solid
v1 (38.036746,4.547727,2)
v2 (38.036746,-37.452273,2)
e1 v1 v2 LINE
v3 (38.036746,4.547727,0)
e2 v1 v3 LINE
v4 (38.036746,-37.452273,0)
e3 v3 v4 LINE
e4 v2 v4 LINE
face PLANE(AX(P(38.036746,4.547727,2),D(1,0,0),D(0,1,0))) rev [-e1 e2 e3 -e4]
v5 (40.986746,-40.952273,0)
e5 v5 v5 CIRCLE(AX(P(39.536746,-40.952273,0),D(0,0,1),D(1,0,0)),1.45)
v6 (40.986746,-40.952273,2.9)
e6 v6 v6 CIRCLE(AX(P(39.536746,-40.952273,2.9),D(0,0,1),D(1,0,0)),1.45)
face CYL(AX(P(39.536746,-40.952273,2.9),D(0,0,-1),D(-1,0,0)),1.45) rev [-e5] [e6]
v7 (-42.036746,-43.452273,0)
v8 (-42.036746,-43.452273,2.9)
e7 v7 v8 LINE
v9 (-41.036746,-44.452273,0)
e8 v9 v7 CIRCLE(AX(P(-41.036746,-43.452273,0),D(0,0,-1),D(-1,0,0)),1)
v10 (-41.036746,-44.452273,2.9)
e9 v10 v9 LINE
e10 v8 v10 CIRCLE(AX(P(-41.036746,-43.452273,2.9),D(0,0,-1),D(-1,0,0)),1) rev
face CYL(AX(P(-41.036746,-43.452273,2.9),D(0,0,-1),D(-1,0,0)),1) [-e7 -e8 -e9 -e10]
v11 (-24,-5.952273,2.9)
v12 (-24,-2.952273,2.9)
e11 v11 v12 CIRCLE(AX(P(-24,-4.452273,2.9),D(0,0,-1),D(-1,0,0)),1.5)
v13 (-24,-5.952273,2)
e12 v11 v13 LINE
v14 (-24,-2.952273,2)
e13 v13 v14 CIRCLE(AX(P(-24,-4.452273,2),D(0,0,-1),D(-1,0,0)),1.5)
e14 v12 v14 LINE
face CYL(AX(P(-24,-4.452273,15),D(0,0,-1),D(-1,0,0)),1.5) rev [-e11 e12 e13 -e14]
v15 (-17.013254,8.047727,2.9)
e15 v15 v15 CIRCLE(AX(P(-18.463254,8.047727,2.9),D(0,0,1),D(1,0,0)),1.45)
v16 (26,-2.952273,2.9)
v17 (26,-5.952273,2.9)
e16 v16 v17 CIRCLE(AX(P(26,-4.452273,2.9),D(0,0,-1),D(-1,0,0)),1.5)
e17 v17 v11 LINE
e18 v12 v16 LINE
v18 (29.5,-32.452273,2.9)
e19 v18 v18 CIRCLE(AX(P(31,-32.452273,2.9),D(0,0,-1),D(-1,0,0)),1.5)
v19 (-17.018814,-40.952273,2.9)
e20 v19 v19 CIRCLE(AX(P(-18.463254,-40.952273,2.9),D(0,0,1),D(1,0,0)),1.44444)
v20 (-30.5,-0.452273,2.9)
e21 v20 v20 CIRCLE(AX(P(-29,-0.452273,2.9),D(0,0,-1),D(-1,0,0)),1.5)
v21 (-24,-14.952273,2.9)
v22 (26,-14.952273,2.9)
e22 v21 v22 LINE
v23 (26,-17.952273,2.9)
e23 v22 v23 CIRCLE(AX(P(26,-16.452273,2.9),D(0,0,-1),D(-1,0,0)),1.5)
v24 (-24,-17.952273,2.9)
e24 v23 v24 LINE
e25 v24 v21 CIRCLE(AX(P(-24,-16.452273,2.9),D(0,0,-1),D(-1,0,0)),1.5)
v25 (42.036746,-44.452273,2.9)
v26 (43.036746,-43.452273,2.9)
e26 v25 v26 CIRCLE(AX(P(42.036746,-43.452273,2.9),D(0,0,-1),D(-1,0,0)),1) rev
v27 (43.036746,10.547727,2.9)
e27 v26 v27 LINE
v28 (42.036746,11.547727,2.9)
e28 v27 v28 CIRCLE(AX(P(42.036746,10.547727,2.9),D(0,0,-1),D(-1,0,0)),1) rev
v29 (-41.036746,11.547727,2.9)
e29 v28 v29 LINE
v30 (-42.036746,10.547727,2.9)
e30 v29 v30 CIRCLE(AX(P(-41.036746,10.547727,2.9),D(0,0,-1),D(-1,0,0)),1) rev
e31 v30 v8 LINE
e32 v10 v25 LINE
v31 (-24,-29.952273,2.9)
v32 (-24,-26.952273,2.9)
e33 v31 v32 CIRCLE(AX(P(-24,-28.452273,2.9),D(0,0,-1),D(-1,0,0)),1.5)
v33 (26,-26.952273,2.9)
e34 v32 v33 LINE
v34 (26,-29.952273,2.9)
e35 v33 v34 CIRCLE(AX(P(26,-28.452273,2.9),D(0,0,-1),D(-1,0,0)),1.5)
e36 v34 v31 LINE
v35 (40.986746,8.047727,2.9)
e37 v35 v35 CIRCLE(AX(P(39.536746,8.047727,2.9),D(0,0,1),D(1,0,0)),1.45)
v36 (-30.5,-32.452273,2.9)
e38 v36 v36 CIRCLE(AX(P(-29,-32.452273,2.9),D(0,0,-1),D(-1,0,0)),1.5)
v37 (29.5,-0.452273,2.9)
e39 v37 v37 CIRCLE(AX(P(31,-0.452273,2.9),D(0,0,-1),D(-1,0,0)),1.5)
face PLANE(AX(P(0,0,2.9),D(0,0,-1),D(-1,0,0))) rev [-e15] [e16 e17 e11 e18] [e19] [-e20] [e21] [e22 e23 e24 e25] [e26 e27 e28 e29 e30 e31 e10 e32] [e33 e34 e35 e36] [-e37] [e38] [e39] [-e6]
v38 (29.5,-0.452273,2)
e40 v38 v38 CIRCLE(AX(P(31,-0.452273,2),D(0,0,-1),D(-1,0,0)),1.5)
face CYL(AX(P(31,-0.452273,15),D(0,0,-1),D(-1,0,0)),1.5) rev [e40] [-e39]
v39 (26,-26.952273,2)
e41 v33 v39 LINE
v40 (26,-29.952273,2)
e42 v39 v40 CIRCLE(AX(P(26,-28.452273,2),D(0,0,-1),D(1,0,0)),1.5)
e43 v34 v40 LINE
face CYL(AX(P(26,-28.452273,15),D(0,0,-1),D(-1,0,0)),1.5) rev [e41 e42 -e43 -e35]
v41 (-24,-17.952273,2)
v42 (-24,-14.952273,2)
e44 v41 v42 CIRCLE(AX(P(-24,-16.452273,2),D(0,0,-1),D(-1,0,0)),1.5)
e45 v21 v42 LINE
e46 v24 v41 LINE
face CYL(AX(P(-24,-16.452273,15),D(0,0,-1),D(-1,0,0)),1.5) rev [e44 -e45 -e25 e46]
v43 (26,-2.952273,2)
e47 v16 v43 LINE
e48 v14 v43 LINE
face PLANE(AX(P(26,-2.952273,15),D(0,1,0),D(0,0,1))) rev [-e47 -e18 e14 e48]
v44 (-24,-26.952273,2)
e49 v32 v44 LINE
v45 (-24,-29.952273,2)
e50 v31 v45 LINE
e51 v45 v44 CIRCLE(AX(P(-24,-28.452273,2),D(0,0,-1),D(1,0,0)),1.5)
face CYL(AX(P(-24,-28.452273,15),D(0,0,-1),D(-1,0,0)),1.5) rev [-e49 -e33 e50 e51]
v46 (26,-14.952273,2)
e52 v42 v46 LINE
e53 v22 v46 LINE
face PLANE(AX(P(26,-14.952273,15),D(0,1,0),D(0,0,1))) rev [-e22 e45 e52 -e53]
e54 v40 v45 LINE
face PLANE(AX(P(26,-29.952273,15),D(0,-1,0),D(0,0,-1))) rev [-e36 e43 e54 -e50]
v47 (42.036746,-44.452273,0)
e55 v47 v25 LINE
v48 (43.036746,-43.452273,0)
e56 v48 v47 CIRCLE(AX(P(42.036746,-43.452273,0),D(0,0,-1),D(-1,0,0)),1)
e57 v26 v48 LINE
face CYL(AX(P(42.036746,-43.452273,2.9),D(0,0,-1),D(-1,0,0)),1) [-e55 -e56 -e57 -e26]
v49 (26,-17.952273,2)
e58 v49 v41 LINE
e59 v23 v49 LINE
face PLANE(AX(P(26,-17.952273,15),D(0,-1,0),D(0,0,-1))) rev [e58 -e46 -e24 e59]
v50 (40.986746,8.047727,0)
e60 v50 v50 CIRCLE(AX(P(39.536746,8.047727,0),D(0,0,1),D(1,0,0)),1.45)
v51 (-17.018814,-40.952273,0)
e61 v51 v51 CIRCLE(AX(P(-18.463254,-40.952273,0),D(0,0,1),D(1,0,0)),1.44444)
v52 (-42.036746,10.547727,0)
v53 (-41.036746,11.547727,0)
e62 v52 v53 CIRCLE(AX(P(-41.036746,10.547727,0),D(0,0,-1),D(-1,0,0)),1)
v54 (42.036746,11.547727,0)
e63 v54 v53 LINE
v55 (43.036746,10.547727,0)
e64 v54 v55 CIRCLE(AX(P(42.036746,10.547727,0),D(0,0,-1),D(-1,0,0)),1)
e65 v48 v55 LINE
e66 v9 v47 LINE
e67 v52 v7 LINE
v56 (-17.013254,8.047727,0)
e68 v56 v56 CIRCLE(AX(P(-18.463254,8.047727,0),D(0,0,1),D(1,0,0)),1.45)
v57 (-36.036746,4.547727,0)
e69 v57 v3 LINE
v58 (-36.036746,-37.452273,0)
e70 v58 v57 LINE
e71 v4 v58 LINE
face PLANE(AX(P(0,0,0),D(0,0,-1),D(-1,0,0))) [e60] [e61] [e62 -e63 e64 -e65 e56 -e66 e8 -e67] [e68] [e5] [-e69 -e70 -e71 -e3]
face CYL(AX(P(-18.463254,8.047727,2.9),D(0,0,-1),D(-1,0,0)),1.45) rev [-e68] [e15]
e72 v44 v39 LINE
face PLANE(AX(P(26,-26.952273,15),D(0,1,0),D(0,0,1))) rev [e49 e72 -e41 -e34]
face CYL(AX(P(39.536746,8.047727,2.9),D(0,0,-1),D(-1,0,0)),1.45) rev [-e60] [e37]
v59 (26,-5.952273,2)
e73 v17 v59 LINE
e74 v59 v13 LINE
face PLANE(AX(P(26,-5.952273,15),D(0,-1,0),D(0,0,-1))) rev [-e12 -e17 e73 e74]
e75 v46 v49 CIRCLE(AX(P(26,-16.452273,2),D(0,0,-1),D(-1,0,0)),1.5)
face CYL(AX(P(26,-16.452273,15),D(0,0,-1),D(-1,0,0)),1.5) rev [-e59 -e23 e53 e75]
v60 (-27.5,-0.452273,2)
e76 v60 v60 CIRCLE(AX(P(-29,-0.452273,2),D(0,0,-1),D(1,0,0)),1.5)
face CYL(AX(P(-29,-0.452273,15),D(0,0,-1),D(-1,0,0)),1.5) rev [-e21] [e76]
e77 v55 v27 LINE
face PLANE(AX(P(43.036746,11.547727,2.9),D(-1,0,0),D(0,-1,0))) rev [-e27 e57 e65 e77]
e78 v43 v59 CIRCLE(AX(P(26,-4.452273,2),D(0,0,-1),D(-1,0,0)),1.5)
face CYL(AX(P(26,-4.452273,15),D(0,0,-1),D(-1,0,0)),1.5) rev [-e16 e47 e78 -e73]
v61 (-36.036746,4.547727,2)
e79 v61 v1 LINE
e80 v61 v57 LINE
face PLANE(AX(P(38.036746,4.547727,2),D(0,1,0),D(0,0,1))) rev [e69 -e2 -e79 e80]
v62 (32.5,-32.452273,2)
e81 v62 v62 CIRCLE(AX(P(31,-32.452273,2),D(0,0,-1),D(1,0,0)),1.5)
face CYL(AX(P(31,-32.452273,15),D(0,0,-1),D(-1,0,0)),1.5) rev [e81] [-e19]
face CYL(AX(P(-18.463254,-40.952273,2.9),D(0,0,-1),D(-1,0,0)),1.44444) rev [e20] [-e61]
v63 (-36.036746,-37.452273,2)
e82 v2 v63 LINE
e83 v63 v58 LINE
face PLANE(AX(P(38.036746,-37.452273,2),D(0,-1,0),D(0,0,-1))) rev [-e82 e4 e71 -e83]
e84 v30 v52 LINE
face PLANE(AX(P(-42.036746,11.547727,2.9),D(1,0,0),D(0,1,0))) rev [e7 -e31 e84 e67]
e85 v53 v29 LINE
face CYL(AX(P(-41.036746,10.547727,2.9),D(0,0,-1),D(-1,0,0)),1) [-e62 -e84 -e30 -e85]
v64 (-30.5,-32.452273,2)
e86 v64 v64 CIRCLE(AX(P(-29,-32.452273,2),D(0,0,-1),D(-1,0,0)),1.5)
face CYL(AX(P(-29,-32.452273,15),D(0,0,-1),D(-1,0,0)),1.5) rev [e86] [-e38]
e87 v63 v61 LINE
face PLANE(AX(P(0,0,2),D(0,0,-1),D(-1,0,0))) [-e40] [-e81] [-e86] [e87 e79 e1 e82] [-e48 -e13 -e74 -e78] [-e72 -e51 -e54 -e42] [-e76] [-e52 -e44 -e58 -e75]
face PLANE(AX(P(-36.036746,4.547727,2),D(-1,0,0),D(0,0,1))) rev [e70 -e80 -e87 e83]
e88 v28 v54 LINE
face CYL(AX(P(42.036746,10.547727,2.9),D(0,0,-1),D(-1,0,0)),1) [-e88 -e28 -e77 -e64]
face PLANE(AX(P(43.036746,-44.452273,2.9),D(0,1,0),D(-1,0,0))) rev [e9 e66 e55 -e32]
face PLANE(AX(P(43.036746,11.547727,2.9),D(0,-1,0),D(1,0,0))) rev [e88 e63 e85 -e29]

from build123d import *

# Parameters (mm, degrees)
SKETCH1_W           = 85.073492716
SKETCH1_H           = 56
SKETCH1_R           = 1.45
SKETCH1_R_2         = 1.444439883
BOSS_EXTRUDE2_DEPTH = 2.9
FILLET1_R           = 1
SKETCH2_W           = 74.073492716
SKETCH2_H           = 42
CUT_EXTRUDE1_DEPTH  = 2
SKETCH3_R           = 1.5
CUT_EXTRUDE2_DEPTH  = 13


with BuildPart() as part:
    # Sketch1 → Boss-Extrude2 (new body)
    with BuildSketch(Plane.XY):
        with Locations((0.5, -16.452272815)):
            Rectangle(SKETCH1_W, SKETCH1_H)
        with Locations((39.536746358, 8.047727185)):
            Circle(SKETCH1_R, mode=Mode.SUBTRACT)
        with Locations((39.536746358, -40.952272815)):
            Circle(SKETCH1_R, mode=Mode.SUBTRACT)
        with Locations((-18.463253642, 8.047727185)):
            Circle(SKETCH1_R, mode=Mode.SUBTRACT)
        with Locations((-18.463253642, -40.952272815)):
            Circle(SKETCH1_R_2, mode=Mode.SUBTRACT)
    extrude(amount=BOSS_EXTRUDE2_DEPTH)

    # Fillet1
    fillet1_edges = [part.edges().sort_by_distance(p)[0] for p in [
        (-42.036746358, 11.547727185, 1.45),
        (43.036746358, 11.547727185, 1.45),
        (43.036746358, -44.452272815, 1.45),
        (-42.036746358, -44.452272815, 1.45),
    ]]
    fillet(fillet1_edges, radius=FILLET1_R)

    # Sketch2 → Cut-Extrude1 (cut)
    with BuildSketch(Plane(origin=(0, 0, 0), x_dir=(-1, 0, 0), z_dir=(0, 0, -1))):
        with Locations((-1, -16.452272815)):
            Rectangle(SKETCH2_W, SKETCH2_H)
    extrude(amount=-CUT_EXTRUDE1_DEPTH, mode=Mode.SUBTRACT)

    # Sketch3 → Cut-Extrude2 (cut)
    with BuildSketch(Plane(origin=(0, 0, 2), x_dir=(-1, 0, 0), z_dir=(0, 0, -1))):
        with Locations((-31, -0.452272815)):
            Circle(SKETCH3_R)
        with Locations((-31, -32.452272815)):
            Circle(SKETCH3_R)
        with Locations((29, -32.452272815)):
            Circle(SKETCH3_R)
        with Locations((29, -0.452272815)):
            Circle(SKETCH3_R)
        with BuildLine():
            Line((-26, -2.952272815), (24, -2.952272815))
            ThreePointArc((24, -2.952272815), (25.5, -4.452272815), (24, -5.952272815))
            Line((24, -5.952272815), (-26, -5.952272815))
            ThreePointArc((-26, -5.952272815), (-27.5, -4.452272815), (-26, -2.952272815))
        make_face()
        with BuildLine():
            Line((-26, -29.952272815), (24, -29.952272815))
            ThreePointArc((24, -29.952272815), (25.5, -28.452272815), (24, -26.952272815))
            Line((24, -26.952272815), (-26, -26.952272815))
            ThreePointArc((-26, -26.952272815), (-27.5, -28.452272815), (-26, -29.952272815))
        make_face()
        with BuildLine():
            Line((-26, -14.952272815), (24, -14.952272815))
            ThreePointArc((24, -14.952272815), (25.5, -16.452272815), (24, -17.952272815))
            Line((24, -17.952272815), (-26, -17.952272815))
            ThreePointArc((-26, -17.952272815), (-27.5, -16.452272815), (-26, -14.952272815))
        make_face()
    extrude(amount=-CUT_EXTRUDE2_DEPTH, mode=Mode.SUBTRACT)


solid = part.part
